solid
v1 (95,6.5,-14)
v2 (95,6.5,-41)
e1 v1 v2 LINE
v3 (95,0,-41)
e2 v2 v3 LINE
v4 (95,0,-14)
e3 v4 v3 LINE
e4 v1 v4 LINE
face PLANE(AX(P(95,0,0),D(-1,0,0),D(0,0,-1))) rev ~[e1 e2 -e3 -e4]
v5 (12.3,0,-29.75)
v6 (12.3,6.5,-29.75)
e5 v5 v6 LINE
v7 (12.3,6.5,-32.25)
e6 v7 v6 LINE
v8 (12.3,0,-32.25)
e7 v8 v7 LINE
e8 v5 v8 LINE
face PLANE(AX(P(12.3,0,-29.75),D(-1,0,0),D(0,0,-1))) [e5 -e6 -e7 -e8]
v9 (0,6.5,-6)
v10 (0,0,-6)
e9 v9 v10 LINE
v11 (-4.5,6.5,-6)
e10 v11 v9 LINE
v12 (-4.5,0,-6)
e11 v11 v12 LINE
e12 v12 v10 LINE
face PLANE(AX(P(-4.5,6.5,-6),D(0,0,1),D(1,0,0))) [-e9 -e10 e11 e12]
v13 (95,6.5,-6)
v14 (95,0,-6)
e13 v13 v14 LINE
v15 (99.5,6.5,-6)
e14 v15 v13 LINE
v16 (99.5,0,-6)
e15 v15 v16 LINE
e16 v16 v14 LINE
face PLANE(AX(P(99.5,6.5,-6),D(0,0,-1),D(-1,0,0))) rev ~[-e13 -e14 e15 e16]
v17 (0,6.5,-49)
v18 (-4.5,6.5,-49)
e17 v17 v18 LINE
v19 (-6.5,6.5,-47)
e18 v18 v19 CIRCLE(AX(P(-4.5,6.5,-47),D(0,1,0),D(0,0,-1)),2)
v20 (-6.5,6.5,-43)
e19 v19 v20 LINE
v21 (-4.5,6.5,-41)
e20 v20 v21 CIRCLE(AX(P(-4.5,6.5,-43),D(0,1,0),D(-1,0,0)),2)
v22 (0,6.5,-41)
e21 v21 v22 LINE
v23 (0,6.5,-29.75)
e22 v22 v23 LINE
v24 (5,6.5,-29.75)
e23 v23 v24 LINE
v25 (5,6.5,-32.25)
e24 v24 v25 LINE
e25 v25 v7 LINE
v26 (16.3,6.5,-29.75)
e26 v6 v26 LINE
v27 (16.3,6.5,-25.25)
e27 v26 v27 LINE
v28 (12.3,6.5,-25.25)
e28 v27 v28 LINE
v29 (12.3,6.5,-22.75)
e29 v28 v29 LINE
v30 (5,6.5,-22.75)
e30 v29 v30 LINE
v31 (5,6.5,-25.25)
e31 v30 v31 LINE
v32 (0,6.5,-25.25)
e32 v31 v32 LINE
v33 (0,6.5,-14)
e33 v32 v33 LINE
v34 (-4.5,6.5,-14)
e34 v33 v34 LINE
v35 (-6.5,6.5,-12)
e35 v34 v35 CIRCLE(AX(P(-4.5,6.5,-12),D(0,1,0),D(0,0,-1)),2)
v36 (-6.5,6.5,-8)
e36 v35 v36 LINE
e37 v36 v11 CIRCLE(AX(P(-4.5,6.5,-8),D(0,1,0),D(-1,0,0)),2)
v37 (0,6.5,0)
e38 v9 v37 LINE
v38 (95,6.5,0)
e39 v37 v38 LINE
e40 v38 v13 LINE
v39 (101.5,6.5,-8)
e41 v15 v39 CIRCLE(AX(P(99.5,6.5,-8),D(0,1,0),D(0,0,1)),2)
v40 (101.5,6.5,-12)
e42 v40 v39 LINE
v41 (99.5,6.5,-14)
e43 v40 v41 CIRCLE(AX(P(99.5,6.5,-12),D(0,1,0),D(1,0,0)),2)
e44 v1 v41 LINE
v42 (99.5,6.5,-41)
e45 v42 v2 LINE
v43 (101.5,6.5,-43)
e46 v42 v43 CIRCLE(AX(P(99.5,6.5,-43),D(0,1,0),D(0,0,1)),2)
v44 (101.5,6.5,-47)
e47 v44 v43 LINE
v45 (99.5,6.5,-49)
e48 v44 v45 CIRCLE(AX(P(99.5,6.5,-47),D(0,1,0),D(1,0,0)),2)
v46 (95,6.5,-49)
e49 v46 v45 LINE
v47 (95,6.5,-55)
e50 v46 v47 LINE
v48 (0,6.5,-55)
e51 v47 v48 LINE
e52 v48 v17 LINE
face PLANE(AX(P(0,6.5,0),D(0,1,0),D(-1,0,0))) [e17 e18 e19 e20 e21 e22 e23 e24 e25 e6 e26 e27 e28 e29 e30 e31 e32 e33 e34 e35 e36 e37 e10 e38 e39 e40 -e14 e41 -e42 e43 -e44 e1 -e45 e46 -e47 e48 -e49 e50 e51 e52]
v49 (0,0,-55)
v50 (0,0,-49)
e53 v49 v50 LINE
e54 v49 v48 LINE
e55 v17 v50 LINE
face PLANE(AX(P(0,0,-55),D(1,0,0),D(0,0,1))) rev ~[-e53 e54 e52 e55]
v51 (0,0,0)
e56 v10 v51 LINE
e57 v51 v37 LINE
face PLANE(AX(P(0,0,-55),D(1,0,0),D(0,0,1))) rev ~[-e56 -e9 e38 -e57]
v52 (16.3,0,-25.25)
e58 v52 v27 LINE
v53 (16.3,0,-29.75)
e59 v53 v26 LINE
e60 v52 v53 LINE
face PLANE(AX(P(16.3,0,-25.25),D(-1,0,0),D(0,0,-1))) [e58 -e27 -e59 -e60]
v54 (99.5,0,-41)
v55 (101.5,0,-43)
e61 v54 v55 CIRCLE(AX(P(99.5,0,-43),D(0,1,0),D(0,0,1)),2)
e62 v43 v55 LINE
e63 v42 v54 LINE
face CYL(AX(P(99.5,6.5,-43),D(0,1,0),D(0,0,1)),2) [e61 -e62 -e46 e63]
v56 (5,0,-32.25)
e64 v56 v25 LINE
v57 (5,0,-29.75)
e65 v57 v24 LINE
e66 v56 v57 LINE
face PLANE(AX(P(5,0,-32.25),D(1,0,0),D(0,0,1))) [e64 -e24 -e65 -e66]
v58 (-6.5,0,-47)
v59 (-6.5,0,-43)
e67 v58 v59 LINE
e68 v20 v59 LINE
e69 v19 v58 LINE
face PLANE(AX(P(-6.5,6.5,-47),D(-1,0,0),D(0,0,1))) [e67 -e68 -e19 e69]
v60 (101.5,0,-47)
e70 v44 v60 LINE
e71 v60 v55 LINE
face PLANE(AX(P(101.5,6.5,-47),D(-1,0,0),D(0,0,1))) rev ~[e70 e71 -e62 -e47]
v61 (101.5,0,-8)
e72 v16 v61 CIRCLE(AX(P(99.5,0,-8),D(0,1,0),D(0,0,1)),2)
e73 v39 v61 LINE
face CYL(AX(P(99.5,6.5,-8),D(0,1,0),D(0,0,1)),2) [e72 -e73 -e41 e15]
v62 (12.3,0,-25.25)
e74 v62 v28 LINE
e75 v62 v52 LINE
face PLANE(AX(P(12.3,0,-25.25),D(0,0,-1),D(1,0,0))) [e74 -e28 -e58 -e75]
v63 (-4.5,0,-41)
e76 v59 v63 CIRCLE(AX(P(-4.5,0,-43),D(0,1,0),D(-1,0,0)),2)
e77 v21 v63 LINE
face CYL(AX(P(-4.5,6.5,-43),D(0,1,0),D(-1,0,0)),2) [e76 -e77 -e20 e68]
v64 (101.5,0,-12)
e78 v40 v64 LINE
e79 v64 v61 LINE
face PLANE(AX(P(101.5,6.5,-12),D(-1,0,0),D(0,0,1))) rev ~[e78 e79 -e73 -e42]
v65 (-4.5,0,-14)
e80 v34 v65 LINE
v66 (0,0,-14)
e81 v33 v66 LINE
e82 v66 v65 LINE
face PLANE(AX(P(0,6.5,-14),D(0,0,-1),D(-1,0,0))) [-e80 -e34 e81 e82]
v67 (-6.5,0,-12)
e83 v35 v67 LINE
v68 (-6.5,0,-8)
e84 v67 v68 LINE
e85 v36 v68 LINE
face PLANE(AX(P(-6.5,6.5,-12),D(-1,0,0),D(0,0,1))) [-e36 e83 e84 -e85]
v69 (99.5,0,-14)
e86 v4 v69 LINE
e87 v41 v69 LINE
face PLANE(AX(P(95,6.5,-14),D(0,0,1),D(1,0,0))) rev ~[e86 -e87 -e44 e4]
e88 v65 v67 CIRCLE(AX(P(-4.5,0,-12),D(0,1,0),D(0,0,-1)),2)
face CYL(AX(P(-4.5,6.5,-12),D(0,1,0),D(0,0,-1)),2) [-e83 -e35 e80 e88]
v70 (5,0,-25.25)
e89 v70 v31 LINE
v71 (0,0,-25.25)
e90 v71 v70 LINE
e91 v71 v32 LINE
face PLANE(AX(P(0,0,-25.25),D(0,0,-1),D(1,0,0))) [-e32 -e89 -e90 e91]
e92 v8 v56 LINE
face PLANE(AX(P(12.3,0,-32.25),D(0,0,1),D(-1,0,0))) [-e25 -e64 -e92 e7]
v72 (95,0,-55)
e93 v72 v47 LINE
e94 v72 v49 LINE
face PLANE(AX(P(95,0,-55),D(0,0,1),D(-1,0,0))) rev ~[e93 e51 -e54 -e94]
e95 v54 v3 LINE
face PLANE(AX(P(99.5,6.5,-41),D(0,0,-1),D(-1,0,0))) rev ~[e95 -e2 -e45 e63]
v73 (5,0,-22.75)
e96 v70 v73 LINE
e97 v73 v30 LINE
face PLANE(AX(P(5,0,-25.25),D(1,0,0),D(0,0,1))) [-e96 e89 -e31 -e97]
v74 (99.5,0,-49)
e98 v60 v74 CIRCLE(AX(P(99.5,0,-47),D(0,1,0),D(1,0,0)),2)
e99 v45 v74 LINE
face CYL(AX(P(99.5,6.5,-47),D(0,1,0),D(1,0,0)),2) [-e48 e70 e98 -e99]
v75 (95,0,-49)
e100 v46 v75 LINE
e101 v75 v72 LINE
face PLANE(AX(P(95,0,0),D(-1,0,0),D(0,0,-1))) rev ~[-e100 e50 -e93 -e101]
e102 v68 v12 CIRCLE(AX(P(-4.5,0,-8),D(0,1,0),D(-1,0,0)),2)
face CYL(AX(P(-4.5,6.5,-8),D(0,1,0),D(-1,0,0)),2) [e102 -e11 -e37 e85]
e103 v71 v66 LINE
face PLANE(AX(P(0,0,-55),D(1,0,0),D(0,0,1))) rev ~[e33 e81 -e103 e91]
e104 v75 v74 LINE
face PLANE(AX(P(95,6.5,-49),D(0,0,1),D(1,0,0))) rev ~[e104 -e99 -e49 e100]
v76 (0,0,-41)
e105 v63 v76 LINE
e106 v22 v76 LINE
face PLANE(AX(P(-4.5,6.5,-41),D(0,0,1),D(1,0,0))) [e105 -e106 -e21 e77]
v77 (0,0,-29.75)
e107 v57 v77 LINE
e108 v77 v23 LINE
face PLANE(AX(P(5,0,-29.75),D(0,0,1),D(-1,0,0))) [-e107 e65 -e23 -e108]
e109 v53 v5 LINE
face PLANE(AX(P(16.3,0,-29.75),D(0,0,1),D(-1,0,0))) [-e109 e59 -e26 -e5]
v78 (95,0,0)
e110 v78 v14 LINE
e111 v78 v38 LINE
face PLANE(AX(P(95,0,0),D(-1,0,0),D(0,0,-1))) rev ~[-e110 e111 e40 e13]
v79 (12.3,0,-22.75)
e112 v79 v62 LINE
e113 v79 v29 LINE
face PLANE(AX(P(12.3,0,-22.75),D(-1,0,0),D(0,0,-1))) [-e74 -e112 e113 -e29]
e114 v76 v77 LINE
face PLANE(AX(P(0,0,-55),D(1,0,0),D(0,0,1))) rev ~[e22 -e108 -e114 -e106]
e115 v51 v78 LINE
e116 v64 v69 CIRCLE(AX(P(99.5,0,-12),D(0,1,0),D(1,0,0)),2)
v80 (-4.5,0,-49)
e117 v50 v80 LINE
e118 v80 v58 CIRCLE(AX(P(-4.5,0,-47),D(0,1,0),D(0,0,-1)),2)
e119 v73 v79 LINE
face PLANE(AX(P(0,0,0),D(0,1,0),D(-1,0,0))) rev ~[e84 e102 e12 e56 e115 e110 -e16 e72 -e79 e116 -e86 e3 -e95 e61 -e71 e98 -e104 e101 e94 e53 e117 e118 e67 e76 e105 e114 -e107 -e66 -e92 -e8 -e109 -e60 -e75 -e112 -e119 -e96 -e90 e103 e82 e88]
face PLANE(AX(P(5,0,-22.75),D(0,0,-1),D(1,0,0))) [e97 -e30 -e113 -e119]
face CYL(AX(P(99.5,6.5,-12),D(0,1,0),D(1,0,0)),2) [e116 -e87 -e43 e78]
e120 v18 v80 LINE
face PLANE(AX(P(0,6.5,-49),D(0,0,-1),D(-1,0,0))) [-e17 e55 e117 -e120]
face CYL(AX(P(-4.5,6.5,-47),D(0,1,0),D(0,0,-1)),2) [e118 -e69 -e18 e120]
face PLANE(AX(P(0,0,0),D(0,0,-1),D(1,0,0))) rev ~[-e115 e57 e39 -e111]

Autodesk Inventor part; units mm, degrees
ref_plane "YZ Plane" through (0, 0, 0) normal (1, 0, 0) x (0, 1, 0)
ref_plane "XZ Plane" through (0, 0, 0) normal (0, 1, 0) x (-1, 0, 0)
ref_plane "XY Plane" through (0, 0, 0) normal (0, 0, 1) x (1, 0, 0)
sketch "Sketch1" plane through (0, 0, 0) normal (0, 1, 0) x (-1, 0, 0)
  line L0 (0, 0) -> (-95, 0)
  line L1 (-95, 0) -> (-95, -55)
  line L2 (-95, -55) -> (0, -55)
  line L3 (0, -55) -> (0, 0)
  dimension "d0" = 55
  dimension "d1" = 95
extrude "Extrusion1" add sketch "Sketch1" along normal blind 6.5
sketch "Sketch3" plane through (0, 6.5, 0) normal (0, 1, 0) x (1, 0, 0)
  line L0 (0, 0) -> (95, 0) projected
  line L1 (95, 55) -> (0, 55) projected
  line L2 (0, 55) -> (0, 0) projected
  line L3 (0, 49) -> (-4.5, 49)
  line L4 (-6.5, 47) -> (-6.5, 43)
  line L5 (-4.5, 41) -> (0, 41)
  line L6 (0, 41) -> (0, 49)
  line L7 (47.5, 55) -> (47.5, 0) construction
  line L8 (0, 14) -> (-4.5, 14)
  line L9 (-6.5, 12) -> (-6.5, 8)
  line L10 (-4.5, 6) -> (0, 6)
  line L11 (0, 6) -> (0, 14)
  arc A0 (-4.5, 49) -> (-6.5, 47) centre (-4.5, 47) ccw
  arc A1 (-6.5, 43) -> (-4.5, 41) centre (-4.5, 43) ccw
  arc A2 (-4.5, 14) -> (-6.5, 12) centre (-4.5, 12) ccw
  arc A3 (-6.5, 8) -> (-4.5, 6) centre (-4.5, 8) ccw
  line L12 (95, 49) -> (99.5, 49)
  line L13 (101.5, 47) -> (101.5, 43)
  line L14 (99.5, 41) -> (95, 41)
  line L15 (95, 41) -> (95, 49)
  line L16 (95, 14) -> (99.5, 14)
  line L17 (101.5, 12) -> (101.5, 8)
  line L18 (99.5, 6) -> (95, 6)
  line L19 (95, 6) -> (95, 14)
  arc A4 (101.5, 47) -> (99.5, 49) centre (99.5, 47) ccw
  arc A5 (99.5, 41) -> (101.5, 43) centre (99.5, 43) ccw
  arc A6 (101.5, 12) -> (99.5, 14) centre (99.5, 12) ccw
  arc A7 (99.5, 6) -> (101.5, 8) centre (99.5, 8) ccw
  dimension "d13" = 2
  dimension "d14" = 8
  dimension "d15" = 8
  dimension "d16" = 6.5
  dimension "d17" = 6
  dimension "d18" = 6
extrude "Extrusion3" add sketch "Sketch3" against normal blind 6.5
sketch "Sketch4" plane through (0, 0, 0) normal (0, -1, 0) x (1, 0, 0)
  line L0 (0, -41) -> (0, -14) projected
  line L1 (16.3, -25.25) -> (16.3, -29.75)
  line L2 (0, -29.75) -> (0, -25.25)
  line L3 (5, -22.75) -> (12.3, -22.75)
  line L4 (12.3, -32.25) -> (5, -32.25)
  line L5 (0, -25.25) -> (5, -25.25)
  line L6 (12.3, -25.25) -> (16.3, -25.25)
  line L7 (16.3, -29.75) -> (12.3, -29.75)
  line L8 (5, -29.75) -> (0, -29.75)
  line L9 (5, -32.25) -> (5, -29.75)
  line L10 (5, -25.25) -> (5, -22.75)
  line L11 (12.3, -22.75) -> (12.3, -25.25)
  line L12 (12.3, -29.75) -> (12.3, -32.25)
  point P0 (0, -27.5)
  dimension "d21" = 4.5
  dimension "d22" = 5
  dimension "d23" = 4
  dimension "d24" = 7.3
  dimension "d25" = 2.5
extrude "Extrusion4" cut sketch "Sketch4" against normal through all
equation "\"d18\" = d17"
properties part number "spool_brace" material "Plywood, Finish"
